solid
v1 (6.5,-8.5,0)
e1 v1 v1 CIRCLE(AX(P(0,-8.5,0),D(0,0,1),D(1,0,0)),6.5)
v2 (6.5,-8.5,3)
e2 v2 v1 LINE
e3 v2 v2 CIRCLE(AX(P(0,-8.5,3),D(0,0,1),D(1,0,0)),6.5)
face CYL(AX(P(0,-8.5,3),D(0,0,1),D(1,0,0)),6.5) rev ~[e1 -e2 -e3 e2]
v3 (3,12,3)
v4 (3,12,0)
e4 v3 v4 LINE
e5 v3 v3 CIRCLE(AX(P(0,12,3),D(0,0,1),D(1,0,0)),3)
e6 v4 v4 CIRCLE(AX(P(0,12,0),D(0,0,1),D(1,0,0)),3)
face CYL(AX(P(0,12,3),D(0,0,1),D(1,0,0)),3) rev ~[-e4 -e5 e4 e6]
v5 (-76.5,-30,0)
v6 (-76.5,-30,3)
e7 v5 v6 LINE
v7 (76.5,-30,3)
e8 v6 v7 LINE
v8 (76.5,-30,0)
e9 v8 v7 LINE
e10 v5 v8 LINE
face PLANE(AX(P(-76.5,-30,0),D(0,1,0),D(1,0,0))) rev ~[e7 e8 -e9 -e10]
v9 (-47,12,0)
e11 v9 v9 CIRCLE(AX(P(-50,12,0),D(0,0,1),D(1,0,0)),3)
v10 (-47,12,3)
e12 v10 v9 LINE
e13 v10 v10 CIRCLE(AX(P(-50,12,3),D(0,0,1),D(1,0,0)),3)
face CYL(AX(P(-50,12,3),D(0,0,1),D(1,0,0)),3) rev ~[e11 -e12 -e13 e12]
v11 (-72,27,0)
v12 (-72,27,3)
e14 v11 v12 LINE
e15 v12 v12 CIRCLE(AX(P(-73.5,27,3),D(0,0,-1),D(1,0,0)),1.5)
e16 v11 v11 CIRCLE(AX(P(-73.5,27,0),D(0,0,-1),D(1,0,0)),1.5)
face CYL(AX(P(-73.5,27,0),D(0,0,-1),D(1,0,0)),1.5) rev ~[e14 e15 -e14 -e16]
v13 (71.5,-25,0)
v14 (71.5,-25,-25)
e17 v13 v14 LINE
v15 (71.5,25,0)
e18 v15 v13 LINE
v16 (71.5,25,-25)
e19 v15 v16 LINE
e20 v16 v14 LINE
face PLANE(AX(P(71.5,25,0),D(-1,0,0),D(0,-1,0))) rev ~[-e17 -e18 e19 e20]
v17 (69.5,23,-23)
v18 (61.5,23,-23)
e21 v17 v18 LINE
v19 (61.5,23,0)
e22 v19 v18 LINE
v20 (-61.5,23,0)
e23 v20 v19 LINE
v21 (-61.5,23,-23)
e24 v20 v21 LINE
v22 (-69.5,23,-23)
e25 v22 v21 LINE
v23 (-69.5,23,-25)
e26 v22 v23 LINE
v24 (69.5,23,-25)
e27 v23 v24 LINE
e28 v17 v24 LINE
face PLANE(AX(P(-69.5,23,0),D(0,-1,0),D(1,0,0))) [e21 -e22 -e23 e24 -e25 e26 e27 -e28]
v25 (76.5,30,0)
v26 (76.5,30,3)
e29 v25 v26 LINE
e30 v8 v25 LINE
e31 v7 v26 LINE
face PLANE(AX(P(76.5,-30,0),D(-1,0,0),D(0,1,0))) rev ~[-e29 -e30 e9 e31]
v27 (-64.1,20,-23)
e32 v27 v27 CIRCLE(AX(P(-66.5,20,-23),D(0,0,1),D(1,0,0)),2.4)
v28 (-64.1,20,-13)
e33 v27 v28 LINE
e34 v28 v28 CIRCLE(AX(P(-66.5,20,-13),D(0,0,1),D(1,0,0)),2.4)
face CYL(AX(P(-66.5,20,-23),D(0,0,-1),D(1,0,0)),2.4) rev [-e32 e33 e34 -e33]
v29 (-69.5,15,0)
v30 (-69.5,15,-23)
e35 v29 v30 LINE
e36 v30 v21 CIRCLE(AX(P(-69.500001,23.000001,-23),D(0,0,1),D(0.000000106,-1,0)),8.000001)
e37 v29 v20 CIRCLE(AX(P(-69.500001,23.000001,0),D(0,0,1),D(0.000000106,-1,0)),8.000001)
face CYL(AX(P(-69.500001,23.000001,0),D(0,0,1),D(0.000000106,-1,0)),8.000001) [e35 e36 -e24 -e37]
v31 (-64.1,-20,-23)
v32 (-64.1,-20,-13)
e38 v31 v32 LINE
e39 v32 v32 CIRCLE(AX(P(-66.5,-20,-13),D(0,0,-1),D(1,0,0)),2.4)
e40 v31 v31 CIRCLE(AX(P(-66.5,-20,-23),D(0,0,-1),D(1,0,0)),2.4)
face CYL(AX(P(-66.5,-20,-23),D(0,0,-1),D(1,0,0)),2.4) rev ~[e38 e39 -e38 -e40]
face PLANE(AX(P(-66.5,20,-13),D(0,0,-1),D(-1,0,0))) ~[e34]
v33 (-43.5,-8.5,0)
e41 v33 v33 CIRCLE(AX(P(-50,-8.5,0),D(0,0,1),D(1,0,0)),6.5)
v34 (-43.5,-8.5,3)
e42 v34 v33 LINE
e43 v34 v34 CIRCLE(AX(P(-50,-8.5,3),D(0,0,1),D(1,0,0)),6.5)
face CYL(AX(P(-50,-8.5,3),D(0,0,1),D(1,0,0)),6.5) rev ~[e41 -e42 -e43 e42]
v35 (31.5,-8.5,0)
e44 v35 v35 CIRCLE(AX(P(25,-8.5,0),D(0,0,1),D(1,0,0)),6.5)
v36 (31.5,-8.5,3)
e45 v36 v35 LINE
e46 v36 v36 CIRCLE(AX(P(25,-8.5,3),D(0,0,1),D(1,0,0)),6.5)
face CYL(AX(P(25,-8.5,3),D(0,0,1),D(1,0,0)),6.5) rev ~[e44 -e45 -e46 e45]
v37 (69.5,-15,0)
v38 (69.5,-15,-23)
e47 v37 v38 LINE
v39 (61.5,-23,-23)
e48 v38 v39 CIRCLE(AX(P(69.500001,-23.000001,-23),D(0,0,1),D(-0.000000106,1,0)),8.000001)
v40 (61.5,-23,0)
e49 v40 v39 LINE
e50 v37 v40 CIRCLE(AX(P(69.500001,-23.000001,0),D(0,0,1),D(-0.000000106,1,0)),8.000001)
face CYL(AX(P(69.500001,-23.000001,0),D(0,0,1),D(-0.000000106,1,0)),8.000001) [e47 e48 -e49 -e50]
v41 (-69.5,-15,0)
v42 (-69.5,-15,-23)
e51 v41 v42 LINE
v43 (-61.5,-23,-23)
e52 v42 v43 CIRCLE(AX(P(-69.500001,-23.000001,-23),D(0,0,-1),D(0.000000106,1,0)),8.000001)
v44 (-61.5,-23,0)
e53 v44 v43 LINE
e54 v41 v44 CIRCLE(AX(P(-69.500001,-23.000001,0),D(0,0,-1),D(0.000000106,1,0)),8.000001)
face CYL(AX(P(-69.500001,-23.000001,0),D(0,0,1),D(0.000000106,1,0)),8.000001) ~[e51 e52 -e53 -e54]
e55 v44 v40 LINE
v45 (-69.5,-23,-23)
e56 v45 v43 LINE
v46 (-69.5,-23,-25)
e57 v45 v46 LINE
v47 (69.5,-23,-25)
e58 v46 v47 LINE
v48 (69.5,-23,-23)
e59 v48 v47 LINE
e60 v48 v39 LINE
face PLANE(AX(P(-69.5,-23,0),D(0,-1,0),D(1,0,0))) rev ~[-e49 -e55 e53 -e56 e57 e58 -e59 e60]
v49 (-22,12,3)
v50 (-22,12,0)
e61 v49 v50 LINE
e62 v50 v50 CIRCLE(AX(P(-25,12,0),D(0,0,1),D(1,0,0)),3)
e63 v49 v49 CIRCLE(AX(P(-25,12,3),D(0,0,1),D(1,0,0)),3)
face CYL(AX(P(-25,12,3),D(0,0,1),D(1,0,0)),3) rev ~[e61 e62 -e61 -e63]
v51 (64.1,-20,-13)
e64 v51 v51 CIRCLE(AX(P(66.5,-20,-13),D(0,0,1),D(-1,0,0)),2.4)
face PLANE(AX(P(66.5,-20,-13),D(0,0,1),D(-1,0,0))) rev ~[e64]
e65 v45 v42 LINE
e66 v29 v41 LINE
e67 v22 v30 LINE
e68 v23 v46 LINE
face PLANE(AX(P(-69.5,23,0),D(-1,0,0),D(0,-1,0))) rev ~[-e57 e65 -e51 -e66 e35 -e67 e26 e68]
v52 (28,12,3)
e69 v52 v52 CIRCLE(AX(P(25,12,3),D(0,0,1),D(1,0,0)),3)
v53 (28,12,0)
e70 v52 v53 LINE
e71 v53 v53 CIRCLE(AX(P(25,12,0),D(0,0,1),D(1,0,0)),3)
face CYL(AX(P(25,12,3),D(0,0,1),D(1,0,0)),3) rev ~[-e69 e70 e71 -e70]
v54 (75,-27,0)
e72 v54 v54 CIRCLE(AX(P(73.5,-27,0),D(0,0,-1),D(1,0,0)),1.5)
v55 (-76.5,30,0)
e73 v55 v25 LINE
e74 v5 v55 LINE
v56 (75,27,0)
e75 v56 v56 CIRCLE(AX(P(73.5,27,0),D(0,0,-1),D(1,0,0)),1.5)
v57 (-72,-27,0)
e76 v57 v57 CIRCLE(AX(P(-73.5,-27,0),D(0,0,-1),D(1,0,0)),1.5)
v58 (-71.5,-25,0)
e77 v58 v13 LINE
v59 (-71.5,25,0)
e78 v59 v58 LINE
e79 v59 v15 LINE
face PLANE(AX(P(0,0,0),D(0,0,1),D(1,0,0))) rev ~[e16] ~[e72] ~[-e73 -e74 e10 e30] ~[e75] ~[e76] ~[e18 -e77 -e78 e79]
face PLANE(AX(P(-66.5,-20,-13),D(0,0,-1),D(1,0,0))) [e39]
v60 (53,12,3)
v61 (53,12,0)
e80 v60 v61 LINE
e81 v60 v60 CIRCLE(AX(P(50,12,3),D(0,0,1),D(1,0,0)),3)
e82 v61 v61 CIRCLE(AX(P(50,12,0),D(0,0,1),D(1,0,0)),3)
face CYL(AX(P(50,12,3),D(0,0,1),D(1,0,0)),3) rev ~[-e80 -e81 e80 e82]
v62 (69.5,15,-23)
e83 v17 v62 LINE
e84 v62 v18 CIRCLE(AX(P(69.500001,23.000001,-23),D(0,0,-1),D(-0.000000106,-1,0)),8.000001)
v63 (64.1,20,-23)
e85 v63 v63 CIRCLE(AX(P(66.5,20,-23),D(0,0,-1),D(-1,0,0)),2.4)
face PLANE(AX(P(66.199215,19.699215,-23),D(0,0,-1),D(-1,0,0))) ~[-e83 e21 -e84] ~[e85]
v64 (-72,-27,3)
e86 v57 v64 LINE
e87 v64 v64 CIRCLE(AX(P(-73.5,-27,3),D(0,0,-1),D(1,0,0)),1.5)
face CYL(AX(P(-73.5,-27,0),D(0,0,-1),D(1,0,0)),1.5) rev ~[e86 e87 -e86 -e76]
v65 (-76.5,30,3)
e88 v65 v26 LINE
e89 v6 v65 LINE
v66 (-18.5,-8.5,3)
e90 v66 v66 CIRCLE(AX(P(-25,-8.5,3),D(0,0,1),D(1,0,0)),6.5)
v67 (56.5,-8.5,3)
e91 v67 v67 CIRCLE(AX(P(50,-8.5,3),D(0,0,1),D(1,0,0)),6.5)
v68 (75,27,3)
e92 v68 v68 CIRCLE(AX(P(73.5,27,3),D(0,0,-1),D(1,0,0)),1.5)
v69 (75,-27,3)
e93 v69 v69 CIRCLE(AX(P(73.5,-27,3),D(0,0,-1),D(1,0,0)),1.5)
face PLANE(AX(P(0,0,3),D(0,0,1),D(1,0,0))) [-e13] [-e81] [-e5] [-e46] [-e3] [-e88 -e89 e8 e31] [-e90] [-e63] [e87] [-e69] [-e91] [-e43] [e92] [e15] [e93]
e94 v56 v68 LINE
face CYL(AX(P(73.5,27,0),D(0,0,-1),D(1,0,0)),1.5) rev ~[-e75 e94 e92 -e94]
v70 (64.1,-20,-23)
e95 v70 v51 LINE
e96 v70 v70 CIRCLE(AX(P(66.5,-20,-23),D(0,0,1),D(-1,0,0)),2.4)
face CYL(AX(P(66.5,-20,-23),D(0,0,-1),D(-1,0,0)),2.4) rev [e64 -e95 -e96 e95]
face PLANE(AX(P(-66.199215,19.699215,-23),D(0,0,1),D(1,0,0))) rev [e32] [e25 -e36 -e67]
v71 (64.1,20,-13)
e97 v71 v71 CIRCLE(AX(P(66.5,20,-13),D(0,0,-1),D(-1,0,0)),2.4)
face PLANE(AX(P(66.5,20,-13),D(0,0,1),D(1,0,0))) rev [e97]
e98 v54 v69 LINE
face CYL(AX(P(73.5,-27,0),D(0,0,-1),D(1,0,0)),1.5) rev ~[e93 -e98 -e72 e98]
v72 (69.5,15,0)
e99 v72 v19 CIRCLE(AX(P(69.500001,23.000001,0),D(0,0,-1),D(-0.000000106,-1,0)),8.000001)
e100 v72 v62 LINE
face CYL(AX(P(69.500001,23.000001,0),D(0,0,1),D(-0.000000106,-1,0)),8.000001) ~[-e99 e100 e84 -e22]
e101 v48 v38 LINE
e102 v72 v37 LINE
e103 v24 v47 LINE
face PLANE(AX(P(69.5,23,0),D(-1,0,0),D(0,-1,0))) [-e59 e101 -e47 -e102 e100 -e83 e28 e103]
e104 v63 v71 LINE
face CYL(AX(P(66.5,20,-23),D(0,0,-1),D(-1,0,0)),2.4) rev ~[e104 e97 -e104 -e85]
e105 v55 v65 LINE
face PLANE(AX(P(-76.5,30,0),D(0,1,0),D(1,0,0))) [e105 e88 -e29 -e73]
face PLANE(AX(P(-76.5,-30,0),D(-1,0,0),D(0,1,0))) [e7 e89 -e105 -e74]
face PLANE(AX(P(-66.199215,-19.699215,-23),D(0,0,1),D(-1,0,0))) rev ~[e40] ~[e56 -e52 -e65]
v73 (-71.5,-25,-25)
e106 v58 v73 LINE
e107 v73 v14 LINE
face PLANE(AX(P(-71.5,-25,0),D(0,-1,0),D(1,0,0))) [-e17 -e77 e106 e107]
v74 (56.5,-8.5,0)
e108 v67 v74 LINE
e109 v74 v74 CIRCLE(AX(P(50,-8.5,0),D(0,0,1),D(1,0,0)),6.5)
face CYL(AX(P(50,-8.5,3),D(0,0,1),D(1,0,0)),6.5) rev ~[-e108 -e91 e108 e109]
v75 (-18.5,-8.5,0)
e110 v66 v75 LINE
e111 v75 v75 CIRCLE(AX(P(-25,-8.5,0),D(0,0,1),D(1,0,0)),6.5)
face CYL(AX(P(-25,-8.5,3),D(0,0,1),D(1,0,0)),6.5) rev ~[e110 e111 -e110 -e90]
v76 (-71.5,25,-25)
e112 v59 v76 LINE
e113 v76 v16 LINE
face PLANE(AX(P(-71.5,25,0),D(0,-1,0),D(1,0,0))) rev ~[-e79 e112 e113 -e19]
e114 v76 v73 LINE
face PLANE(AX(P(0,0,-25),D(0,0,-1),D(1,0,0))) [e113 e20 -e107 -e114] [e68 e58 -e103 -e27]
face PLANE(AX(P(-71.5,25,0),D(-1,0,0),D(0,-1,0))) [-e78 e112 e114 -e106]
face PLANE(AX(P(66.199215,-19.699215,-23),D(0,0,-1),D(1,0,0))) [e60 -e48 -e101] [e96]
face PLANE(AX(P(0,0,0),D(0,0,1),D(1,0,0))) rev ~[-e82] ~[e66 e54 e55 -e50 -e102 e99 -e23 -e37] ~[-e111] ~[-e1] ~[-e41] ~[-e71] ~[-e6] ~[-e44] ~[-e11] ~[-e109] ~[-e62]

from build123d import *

# Parameters (mm, degrees)
SKETCH_W                      = 153
SKETCH_H                      = 60
PAD_DEPTH                     = 3
SKETCH002_W                   = 143
SKETCH002_H                   = 50
SKETCH002_W_2                 = 139
SKETCH002_H_2                 = 46
PAD001_DEPTH                  = 25
SKETCH003_R                   = 1.5
POCKET_DEPTH                  = 3.001
PAD002_DEPTH                  = 23
PAD002_MIRRORED_2_DEPTH       = 23
SKETCH005_R                   = 2.4
POCKET001_DEPTH               = 10
SKETCH005_MIRRORED002_2_R     = 2.4
POCKET001_MIRRORED002_2_DEPTH = 10
SKETCH006_R                   = 6.5
SKETCH006_R_2                 = 3
POCKET002_DEPTH               = 28.001


with BuildPart() as part:
    # Sketch → Pad (new body)
    with BuildSketch(Plane.XY):
        Rectangle(SKETCH_W, SKETCH_H)
    extrude(amount=PAD_DEPTH)

    # Sketch002 (on Face5 of Pad) → Pad001 (join)
    with BuildSketch(Plane(origin=(0, 0, 0), x_dir=(1, 0, 0), z_dir=(0, 0, -1))):
        Rectangle(SKETCH002_W, SKETCH002_H)
        Rectangle(SKETCH002_W_2, SKETCH002_H_2, mode=Mode.SUBTRACT)
    extrude(amount=PAD001_DEPTH)

    # Sketch003 (on Face4 of Pad001) → Pocket (cut, through all)
    with BuildSketch(Plane(origin=(0, 0, 0), x_dir=(1, 0, 0), z_dir=(0, 0, -1))):
        with Locations((-73.5, 27)):
            Circle(SKETCH003_R)
        with Locations((-73.5, -27)):
            Circle(SKETCH003_R)
        with Locations((73.5, -27)):
            Circle(SKETCH003_R)
        with Locations((73.5, 27)):
            Circle(SKETCH003_R)
    extrude(amount=-POCKET_DEPTH, mode=Mode.SUBTRACT)

    # Sketch004 (on Face20 of Pocket) → Pad002 (join)
    with BuildSketch(Plane(origin=(0, 0, 0), x_dir=(1, 0, 0), z_dir=(0, 0, -1))):
        with BuildLine():
            Line((-69.5, 23), (-61.5, 23))
            ThreePointArc((-69.5, 15), (-63.843146, 17.343146), (-61.5, 23))
            Line((-69.5, 23), (-69.5, 15))
        make_face()
    pad002 = extrude(amount=PAD002_DEPTH)

    # Sketch004 Mirrored 2 → Pad002 Mirrored 2 (add)
    with BuildSketch(Plane(origin=(0, 0, 0), x_dir=(-1, 0, 0), z_dir=(0, 0, 1))):
        with BuildLine():
            Line((-69.5, 23), (-61.5, 23))
            ThreePointArc((-69.5, 15), (-63.843146, 17.343146), (-61.5, 23))
            Line((-69.5, 23), (-69.5, 15))
        make_face()
    pad002_mirrored_2 = extrude(amount=-PAD002_MIRRORED_2_DEPTH)

    # Mirrored001: Pad002, Pad002 Mirrored 2 across Sketch004 H_Axis
    add(pad002.mirror(Plane(origin=(0, 0, 0), x_dir=(0, 0, -1), z_dir=(0, -1, 0))))
    add(pad002_mirrored_2.mirror(Plane(origin=(0, 0, 0), x_dir=(0, 0, -1), z_dir=(0, -1, 0))))

    # Sketch005 (on Face20 of MultiTransform) → Pocket001 (cut)
    with BuildSketch(Plane(origin=(0, 0, -23), x_dir=(1, 0, 0), z_dir=(0, 0, -1))):
        with Locations((-66.5, 20)):
            Circle(SKETCH005_R)
    pocket001 = extrude(amount=-POCKET001_DEPTH, mode=Mode.SUBTRACT)

    # Sketch005 Mirrored002 2 → Pocket001 Mirrored002 2 (cut)
    with BuildSketch(Plane(origin=(0, 0, -23), x_dir=(-1, 0, 0), z_dir=(0, 0, 1))):
        with Locations((-66.5, 20)):
            Circle(SKETCH005_MIRRORED002_2_R)
    pocket001_mirrored002_2 = extrude(amount=POCKET001_MIRRORED002_2_DEPTH, mode=Mode.SUBTRACT)

    # Mirrored003: Pocket001, Pocket001 Mirrored002 2 across Sketch005 H_Axis
    add(pocket001.mirror(Plane(origin=(0, 0, -23), x_dir=(0, 0, -1), z_dir=(0, -1, 0))), mode=Mode.SUBTRACT)
    add(pocket001_mirrored002_2.mirror(Plane(origin=(0, 0, -23), x_dir=(0, 0, -1), z_dir=(0, -1, 0))), mode=Mode.SUBTRACT)

    # Sketch006 (on Face5 of MultiTransform001) → Pocket002 (cut, through all)
    with BuildSketch(Plane.XY.offset(3)):
        with Locations((-50, -8.5)):
            Circle(SKETCH006_R)
        with Locations((-25, -8.5)):
            Circle(SKETCH006_R)
        with Locations((0, -8.5)):
            Circle(SKETCH006_R)
        with Locations((25, -8.5)):
            Circle(SKETCH006_R)
        with Locations((50, -8.5)):
            Circle(SKETCH006_R)
        with Locations((-50, 12)):
            Circle(SKETCH006_R_2)
        with Locations((-25, 12)):
            Circle(SKETCH006_R_2)
        with Locations((0, 12)):
            Circle(SKETCH006_R_2)
        with Locations((25, 12)):
            Circle(SKETCH006_R_2)
        with Locations((50, 12)):
            Circle(SKETCH006_R_2)
    extrude(amount=-POCKET002_DEPTH, mode=Mode.SUBTRACT)


solid = part.part
